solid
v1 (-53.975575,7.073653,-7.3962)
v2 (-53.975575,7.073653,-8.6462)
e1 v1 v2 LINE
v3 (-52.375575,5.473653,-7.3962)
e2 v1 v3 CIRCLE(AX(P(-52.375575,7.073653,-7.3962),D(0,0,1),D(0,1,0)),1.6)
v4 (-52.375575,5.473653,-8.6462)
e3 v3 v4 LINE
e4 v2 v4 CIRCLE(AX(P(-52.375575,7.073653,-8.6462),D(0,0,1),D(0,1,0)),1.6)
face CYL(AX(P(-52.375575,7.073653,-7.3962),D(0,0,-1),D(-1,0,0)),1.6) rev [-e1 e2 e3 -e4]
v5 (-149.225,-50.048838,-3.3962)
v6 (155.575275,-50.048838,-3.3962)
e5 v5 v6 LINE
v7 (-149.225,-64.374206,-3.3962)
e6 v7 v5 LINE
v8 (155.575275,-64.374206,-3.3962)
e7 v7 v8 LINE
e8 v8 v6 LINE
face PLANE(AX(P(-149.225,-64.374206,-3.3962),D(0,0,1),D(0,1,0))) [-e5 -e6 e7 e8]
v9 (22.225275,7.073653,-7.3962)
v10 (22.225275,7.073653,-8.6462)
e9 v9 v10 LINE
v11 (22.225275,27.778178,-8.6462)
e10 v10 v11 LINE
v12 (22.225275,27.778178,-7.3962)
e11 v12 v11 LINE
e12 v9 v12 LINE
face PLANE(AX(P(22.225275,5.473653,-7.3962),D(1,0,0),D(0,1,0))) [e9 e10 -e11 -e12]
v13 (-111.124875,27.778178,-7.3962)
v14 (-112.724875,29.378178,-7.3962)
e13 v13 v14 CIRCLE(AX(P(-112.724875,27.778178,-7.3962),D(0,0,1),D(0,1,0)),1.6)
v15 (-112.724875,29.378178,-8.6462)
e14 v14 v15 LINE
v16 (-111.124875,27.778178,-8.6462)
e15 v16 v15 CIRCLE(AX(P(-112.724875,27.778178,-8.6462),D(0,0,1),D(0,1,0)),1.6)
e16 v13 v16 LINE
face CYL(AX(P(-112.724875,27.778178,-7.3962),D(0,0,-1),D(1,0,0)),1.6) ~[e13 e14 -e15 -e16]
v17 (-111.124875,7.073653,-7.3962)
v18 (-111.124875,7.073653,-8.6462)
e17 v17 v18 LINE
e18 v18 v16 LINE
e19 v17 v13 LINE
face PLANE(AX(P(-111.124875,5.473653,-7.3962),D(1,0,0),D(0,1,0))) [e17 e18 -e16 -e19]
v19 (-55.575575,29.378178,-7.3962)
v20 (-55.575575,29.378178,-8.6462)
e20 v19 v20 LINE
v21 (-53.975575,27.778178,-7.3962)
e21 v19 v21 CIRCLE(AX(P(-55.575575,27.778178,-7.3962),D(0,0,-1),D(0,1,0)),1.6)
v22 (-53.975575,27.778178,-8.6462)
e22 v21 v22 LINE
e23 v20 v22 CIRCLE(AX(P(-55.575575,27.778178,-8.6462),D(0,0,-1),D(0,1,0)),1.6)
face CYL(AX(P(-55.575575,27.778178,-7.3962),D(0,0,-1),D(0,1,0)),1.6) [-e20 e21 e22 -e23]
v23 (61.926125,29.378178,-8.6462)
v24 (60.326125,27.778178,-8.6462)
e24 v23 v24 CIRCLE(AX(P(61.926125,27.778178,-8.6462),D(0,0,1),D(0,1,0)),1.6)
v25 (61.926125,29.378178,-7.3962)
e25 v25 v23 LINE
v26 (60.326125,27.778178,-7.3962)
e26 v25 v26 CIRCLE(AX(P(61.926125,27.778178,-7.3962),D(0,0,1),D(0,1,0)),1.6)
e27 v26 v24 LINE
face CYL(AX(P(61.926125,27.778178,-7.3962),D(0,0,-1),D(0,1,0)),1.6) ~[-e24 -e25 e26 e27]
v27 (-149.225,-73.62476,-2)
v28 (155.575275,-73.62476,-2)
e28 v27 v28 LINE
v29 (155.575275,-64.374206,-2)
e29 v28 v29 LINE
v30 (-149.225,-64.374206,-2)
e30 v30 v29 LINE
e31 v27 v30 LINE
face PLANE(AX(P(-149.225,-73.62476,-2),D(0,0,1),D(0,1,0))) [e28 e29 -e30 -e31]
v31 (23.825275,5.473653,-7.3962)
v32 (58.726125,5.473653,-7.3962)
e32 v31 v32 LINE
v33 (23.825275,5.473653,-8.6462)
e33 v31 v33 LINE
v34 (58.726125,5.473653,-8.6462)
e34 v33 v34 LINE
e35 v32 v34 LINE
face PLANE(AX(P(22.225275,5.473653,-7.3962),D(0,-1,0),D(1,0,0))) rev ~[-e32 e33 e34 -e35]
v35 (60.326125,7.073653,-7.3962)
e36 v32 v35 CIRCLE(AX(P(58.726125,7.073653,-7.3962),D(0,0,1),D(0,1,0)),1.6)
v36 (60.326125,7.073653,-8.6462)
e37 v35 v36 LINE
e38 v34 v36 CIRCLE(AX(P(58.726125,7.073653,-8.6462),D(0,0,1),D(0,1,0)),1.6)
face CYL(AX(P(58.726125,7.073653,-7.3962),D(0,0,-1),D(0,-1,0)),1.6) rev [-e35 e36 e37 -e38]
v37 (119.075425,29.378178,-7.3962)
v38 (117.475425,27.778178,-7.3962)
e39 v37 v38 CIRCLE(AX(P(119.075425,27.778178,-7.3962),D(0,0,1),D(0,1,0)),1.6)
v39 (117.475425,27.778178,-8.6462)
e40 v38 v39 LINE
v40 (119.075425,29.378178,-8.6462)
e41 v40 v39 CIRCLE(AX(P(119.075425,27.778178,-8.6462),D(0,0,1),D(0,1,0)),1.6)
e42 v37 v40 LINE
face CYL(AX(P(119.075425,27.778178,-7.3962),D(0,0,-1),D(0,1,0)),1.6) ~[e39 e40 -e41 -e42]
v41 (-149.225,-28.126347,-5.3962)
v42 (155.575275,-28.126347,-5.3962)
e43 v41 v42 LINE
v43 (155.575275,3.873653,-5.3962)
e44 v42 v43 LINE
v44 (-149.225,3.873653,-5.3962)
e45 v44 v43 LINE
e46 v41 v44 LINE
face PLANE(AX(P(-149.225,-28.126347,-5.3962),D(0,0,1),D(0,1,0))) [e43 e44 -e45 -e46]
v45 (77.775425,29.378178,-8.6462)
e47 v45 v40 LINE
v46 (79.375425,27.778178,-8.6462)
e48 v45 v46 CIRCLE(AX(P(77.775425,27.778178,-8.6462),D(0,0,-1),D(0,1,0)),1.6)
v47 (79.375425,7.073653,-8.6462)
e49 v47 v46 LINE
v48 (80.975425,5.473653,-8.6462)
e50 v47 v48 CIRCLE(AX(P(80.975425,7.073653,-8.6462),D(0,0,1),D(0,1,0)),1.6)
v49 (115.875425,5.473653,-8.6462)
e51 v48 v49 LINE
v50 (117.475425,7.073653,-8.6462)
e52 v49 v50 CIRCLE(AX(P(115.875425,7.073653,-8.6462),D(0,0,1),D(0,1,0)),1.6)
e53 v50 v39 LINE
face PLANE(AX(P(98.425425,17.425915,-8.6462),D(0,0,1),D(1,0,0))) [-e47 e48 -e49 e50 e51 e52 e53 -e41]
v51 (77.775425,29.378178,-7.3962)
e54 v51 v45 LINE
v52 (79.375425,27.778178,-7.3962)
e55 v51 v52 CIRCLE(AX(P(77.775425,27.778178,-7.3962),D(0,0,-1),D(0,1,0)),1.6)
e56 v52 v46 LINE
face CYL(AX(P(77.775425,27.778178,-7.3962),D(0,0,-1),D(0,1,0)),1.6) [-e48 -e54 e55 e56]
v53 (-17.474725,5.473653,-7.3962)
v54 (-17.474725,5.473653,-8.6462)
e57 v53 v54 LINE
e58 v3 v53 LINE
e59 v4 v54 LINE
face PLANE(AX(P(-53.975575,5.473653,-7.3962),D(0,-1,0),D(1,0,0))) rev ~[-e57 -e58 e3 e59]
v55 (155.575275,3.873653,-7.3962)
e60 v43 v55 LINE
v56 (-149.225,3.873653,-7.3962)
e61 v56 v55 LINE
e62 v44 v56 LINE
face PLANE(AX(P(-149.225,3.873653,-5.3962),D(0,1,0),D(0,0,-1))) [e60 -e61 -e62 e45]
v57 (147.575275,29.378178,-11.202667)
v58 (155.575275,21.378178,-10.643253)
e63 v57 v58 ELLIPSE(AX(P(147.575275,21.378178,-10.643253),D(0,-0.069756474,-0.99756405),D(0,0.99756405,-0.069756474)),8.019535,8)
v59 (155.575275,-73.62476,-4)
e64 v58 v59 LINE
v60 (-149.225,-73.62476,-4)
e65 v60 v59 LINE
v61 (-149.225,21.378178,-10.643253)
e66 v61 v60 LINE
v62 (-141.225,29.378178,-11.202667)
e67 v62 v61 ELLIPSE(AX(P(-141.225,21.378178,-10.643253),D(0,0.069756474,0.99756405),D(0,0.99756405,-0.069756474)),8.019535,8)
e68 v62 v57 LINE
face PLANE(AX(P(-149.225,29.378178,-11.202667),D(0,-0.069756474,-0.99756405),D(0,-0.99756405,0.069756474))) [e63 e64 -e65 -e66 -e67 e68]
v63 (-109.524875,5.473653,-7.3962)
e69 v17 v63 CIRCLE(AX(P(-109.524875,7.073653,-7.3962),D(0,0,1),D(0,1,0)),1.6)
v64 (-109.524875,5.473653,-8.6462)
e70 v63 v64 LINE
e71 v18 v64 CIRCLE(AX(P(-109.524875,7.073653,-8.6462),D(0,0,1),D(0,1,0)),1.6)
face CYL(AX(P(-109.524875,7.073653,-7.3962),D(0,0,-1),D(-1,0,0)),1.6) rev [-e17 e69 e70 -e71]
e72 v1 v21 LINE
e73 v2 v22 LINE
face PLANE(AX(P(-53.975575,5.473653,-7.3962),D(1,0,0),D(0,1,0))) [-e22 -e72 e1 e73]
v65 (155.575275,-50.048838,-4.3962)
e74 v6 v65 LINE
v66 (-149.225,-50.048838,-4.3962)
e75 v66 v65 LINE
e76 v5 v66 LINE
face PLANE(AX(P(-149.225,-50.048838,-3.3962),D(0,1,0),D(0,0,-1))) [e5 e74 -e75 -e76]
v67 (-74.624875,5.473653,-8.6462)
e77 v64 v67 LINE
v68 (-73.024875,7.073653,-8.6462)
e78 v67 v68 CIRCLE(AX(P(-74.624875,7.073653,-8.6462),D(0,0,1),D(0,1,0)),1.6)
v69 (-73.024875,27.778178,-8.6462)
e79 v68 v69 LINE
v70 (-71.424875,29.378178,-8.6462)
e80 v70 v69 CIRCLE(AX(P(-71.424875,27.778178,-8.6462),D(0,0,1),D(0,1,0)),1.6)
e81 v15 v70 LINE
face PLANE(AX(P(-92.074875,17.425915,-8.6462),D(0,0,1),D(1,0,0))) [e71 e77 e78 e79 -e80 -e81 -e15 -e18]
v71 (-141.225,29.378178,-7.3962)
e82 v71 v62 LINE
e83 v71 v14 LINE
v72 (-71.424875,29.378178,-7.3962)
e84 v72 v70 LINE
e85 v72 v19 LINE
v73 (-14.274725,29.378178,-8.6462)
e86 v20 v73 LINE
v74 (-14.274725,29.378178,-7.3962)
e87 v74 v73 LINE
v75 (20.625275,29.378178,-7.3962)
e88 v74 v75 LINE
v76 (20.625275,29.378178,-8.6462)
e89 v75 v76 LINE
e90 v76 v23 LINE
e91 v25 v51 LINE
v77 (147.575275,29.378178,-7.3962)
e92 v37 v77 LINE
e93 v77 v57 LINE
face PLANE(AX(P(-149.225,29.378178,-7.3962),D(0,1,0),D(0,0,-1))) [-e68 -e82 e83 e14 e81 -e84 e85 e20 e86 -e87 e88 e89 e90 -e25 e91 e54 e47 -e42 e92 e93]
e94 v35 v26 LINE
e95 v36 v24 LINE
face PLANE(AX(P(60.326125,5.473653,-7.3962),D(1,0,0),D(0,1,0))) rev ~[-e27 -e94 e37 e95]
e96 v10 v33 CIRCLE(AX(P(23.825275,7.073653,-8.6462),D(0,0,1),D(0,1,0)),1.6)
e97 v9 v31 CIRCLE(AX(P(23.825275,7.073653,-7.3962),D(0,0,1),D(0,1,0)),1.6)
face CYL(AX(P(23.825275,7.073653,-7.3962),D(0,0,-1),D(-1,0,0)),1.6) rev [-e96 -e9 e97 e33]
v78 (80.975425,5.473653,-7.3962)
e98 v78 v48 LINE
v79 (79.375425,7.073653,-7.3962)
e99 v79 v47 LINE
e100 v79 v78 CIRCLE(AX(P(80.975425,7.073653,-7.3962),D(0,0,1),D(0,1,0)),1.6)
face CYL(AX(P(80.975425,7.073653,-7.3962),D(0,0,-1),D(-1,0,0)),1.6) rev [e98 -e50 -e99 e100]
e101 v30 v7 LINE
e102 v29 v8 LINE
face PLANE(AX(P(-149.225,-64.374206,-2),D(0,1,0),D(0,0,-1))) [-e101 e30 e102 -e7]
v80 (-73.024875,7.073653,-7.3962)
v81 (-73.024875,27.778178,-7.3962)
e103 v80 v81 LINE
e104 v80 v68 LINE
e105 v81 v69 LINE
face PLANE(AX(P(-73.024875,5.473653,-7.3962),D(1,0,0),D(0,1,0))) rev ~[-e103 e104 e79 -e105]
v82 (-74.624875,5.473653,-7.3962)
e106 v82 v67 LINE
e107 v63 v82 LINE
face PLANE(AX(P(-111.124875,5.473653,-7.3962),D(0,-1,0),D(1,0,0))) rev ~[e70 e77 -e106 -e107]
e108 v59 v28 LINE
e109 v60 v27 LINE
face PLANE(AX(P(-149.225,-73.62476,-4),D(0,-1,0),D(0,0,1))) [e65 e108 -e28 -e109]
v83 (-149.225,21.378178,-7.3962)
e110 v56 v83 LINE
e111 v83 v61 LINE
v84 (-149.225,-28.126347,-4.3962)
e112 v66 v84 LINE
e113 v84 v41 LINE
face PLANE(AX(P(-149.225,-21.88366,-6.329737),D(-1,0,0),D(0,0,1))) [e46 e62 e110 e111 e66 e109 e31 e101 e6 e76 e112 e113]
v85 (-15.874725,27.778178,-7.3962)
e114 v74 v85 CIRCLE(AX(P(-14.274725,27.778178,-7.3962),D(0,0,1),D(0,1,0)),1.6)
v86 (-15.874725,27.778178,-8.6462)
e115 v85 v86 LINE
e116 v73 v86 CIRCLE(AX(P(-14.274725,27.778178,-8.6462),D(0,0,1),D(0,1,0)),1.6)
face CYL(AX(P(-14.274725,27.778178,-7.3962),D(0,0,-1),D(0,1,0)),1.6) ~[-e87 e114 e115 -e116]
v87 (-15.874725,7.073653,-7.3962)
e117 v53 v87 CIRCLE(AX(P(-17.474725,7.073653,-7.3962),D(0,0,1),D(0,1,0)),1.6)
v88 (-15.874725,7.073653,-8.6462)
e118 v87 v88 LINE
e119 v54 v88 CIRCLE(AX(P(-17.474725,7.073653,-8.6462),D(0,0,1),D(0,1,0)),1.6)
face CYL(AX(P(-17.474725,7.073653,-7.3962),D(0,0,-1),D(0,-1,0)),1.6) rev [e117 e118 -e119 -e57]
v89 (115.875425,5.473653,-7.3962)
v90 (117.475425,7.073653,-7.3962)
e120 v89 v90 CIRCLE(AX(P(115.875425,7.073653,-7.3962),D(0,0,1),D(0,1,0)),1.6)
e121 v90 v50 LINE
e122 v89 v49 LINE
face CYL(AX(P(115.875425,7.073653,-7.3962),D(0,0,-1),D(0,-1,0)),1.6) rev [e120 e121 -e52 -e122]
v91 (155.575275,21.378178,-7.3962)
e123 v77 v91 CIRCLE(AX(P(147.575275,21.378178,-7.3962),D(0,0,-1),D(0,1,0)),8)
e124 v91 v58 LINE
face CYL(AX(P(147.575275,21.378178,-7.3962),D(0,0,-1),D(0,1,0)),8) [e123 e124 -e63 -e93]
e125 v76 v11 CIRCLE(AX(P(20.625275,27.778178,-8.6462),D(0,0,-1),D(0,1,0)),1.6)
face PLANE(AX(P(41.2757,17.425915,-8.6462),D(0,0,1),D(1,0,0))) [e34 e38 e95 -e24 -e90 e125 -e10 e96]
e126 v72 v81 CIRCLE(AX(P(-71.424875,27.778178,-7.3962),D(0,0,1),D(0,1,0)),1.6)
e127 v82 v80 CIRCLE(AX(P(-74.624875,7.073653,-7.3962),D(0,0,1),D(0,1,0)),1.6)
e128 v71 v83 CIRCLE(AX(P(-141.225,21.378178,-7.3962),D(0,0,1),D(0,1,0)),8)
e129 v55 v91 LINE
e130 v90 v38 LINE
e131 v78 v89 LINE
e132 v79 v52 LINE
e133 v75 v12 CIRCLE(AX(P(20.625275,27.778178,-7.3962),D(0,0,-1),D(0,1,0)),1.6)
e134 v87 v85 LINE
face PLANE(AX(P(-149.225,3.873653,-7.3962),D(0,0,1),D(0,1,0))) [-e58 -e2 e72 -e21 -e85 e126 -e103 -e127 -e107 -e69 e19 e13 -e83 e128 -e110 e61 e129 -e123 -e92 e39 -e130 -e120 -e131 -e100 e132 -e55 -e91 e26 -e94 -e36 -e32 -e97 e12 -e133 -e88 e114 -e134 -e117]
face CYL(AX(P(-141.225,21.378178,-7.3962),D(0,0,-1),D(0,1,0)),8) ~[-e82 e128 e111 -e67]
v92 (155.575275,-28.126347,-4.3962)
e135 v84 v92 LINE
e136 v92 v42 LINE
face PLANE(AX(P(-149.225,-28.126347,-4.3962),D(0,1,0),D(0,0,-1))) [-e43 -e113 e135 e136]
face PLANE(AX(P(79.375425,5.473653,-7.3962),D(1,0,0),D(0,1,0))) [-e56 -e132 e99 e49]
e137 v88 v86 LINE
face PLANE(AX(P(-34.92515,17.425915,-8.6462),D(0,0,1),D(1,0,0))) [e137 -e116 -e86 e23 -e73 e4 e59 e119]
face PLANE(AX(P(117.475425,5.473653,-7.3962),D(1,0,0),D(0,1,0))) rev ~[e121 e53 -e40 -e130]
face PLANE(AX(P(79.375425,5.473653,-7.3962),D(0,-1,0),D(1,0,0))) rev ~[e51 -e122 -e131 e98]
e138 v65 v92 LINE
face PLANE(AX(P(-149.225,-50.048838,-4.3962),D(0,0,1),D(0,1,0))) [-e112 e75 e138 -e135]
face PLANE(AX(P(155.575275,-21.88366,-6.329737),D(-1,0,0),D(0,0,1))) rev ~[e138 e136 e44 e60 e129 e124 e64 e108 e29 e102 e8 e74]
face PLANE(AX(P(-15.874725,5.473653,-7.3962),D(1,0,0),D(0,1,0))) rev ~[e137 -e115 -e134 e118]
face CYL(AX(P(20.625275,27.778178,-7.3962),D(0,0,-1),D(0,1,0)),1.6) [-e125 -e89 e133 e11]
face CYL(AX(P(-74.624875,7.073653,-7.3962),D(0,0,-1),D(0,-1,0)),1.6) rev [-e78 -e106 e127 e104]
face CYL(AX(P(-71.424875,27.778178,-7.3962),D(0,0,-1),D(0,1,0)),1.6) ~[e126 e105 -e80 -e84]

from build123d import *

# Parameters (mm, degrees)
BOSS_EXTRUDE1_DEPTH = 304.800275
FILLET1_R           = 8
SKETCH2_W           = 38.10085
SKETCH2_H           = 23.904524524
SKETCH2_W_2         = 38.1
CUT_EXTRUDE1_DEPTH  = 1.25
FILLET2_R           = 1.6
FILLET3_R           = 1.6


with BuildPart() as part:
    # Sketch1 → Boss-Extrude1 (new body)
    with BuildSketch(Plane.ZY.offset(149.225)):
        Polygon((-2, -64.3742065), (-3.3962, -64.3742065), (-3.3962, -50.048837521), (-4.3962, -50.048837521), (-4.3962, -28.126347), (-5.3962, -28.126347), (-5.3962, 3.873653), (-7.3962, 3.873653), (-7.3962, 29.378177524), (-11.202667042, 29.378177524), (-4, -73.62476), (-2, -73.62476), align=None)
    extrude(amount=-BOSS_EXTRUDE1_DEPTH)

    # Fillet1
    fillet1_edges = [part.edges().sort_by_distance(p)[0] for p in [
        (-149.225, 29.378177524, -9.299433521),
        (155.575275, 29.378177524, -9.299433521),
    ]]
    fillet(fillet1_edges, radius=FILLET1_R)

    # Sketch2 → Cut-Extrude1 (cut)
    with BuildSketch(Plane.XY.offset(-7.3962)):
        with Locations((41.2757, 17.425915262)):
            Rectangle(SKETCH2_W, SKETCH2_H)
        with Locations((-92.074875, 17.425915262)):
            Rectangle(SKETCH2_W_2, SKETCH2_H)
        with Locations((-34.92515, 17.425915262)):
            Rectangle(SKETCH2_W, SKETCH2_H)
        with Locations((98.425425, 17.425915262)):
            Rectangle(SKETCH2_W_2, SKETCH2_H)
    extrude(amount=-CUT_EXTRUDE1_DEPTH, mode=Mode.SUBTRACT)

    # Fillet2
    fillet2_edges = [part.edges().sort_by_distance(p)[0] for p in [
        (-111.124875, 5.473653, -8.0212),
        (-73.024875, 5.473653, -8.0212),
        (-53.975575, 5.473653, -8.0212),
        (-15.874725, 5.473653, -8.0212),
        (60.326125, 5.473653, -8.0212),
        (22.225275, 5.473653, -8.0212),
        (117.475425, 5.473653, -8.0212),
        (79.375425, 5.473653, -8.0212),
    ]]
    fillet(fillet2_edges, radius=FILLET2_R)

    # Fillet3
    fillet3_edges = [part.edges().sort_by_distance(p)[0] for p in [
        (-111.124875, 29.378177524, -8.0212),
        (-73.024875, 29.378177524, -8.0212),
        (-53.975575, 29.378177524, -8.0212),
        (-15.874725, 29.378177524, -8.0212),
        (22.225275, 29.378177524, -8.0212),
        (60.326125, 29.378177524, -8.0212),
        (79.375425, 29.378177524, -8.0212),
        (117.475425, 29.378177524, -8.0212),
    ]]
    fillet(fillet3_edges, radius=FILLET3_R)


solid = part.part
